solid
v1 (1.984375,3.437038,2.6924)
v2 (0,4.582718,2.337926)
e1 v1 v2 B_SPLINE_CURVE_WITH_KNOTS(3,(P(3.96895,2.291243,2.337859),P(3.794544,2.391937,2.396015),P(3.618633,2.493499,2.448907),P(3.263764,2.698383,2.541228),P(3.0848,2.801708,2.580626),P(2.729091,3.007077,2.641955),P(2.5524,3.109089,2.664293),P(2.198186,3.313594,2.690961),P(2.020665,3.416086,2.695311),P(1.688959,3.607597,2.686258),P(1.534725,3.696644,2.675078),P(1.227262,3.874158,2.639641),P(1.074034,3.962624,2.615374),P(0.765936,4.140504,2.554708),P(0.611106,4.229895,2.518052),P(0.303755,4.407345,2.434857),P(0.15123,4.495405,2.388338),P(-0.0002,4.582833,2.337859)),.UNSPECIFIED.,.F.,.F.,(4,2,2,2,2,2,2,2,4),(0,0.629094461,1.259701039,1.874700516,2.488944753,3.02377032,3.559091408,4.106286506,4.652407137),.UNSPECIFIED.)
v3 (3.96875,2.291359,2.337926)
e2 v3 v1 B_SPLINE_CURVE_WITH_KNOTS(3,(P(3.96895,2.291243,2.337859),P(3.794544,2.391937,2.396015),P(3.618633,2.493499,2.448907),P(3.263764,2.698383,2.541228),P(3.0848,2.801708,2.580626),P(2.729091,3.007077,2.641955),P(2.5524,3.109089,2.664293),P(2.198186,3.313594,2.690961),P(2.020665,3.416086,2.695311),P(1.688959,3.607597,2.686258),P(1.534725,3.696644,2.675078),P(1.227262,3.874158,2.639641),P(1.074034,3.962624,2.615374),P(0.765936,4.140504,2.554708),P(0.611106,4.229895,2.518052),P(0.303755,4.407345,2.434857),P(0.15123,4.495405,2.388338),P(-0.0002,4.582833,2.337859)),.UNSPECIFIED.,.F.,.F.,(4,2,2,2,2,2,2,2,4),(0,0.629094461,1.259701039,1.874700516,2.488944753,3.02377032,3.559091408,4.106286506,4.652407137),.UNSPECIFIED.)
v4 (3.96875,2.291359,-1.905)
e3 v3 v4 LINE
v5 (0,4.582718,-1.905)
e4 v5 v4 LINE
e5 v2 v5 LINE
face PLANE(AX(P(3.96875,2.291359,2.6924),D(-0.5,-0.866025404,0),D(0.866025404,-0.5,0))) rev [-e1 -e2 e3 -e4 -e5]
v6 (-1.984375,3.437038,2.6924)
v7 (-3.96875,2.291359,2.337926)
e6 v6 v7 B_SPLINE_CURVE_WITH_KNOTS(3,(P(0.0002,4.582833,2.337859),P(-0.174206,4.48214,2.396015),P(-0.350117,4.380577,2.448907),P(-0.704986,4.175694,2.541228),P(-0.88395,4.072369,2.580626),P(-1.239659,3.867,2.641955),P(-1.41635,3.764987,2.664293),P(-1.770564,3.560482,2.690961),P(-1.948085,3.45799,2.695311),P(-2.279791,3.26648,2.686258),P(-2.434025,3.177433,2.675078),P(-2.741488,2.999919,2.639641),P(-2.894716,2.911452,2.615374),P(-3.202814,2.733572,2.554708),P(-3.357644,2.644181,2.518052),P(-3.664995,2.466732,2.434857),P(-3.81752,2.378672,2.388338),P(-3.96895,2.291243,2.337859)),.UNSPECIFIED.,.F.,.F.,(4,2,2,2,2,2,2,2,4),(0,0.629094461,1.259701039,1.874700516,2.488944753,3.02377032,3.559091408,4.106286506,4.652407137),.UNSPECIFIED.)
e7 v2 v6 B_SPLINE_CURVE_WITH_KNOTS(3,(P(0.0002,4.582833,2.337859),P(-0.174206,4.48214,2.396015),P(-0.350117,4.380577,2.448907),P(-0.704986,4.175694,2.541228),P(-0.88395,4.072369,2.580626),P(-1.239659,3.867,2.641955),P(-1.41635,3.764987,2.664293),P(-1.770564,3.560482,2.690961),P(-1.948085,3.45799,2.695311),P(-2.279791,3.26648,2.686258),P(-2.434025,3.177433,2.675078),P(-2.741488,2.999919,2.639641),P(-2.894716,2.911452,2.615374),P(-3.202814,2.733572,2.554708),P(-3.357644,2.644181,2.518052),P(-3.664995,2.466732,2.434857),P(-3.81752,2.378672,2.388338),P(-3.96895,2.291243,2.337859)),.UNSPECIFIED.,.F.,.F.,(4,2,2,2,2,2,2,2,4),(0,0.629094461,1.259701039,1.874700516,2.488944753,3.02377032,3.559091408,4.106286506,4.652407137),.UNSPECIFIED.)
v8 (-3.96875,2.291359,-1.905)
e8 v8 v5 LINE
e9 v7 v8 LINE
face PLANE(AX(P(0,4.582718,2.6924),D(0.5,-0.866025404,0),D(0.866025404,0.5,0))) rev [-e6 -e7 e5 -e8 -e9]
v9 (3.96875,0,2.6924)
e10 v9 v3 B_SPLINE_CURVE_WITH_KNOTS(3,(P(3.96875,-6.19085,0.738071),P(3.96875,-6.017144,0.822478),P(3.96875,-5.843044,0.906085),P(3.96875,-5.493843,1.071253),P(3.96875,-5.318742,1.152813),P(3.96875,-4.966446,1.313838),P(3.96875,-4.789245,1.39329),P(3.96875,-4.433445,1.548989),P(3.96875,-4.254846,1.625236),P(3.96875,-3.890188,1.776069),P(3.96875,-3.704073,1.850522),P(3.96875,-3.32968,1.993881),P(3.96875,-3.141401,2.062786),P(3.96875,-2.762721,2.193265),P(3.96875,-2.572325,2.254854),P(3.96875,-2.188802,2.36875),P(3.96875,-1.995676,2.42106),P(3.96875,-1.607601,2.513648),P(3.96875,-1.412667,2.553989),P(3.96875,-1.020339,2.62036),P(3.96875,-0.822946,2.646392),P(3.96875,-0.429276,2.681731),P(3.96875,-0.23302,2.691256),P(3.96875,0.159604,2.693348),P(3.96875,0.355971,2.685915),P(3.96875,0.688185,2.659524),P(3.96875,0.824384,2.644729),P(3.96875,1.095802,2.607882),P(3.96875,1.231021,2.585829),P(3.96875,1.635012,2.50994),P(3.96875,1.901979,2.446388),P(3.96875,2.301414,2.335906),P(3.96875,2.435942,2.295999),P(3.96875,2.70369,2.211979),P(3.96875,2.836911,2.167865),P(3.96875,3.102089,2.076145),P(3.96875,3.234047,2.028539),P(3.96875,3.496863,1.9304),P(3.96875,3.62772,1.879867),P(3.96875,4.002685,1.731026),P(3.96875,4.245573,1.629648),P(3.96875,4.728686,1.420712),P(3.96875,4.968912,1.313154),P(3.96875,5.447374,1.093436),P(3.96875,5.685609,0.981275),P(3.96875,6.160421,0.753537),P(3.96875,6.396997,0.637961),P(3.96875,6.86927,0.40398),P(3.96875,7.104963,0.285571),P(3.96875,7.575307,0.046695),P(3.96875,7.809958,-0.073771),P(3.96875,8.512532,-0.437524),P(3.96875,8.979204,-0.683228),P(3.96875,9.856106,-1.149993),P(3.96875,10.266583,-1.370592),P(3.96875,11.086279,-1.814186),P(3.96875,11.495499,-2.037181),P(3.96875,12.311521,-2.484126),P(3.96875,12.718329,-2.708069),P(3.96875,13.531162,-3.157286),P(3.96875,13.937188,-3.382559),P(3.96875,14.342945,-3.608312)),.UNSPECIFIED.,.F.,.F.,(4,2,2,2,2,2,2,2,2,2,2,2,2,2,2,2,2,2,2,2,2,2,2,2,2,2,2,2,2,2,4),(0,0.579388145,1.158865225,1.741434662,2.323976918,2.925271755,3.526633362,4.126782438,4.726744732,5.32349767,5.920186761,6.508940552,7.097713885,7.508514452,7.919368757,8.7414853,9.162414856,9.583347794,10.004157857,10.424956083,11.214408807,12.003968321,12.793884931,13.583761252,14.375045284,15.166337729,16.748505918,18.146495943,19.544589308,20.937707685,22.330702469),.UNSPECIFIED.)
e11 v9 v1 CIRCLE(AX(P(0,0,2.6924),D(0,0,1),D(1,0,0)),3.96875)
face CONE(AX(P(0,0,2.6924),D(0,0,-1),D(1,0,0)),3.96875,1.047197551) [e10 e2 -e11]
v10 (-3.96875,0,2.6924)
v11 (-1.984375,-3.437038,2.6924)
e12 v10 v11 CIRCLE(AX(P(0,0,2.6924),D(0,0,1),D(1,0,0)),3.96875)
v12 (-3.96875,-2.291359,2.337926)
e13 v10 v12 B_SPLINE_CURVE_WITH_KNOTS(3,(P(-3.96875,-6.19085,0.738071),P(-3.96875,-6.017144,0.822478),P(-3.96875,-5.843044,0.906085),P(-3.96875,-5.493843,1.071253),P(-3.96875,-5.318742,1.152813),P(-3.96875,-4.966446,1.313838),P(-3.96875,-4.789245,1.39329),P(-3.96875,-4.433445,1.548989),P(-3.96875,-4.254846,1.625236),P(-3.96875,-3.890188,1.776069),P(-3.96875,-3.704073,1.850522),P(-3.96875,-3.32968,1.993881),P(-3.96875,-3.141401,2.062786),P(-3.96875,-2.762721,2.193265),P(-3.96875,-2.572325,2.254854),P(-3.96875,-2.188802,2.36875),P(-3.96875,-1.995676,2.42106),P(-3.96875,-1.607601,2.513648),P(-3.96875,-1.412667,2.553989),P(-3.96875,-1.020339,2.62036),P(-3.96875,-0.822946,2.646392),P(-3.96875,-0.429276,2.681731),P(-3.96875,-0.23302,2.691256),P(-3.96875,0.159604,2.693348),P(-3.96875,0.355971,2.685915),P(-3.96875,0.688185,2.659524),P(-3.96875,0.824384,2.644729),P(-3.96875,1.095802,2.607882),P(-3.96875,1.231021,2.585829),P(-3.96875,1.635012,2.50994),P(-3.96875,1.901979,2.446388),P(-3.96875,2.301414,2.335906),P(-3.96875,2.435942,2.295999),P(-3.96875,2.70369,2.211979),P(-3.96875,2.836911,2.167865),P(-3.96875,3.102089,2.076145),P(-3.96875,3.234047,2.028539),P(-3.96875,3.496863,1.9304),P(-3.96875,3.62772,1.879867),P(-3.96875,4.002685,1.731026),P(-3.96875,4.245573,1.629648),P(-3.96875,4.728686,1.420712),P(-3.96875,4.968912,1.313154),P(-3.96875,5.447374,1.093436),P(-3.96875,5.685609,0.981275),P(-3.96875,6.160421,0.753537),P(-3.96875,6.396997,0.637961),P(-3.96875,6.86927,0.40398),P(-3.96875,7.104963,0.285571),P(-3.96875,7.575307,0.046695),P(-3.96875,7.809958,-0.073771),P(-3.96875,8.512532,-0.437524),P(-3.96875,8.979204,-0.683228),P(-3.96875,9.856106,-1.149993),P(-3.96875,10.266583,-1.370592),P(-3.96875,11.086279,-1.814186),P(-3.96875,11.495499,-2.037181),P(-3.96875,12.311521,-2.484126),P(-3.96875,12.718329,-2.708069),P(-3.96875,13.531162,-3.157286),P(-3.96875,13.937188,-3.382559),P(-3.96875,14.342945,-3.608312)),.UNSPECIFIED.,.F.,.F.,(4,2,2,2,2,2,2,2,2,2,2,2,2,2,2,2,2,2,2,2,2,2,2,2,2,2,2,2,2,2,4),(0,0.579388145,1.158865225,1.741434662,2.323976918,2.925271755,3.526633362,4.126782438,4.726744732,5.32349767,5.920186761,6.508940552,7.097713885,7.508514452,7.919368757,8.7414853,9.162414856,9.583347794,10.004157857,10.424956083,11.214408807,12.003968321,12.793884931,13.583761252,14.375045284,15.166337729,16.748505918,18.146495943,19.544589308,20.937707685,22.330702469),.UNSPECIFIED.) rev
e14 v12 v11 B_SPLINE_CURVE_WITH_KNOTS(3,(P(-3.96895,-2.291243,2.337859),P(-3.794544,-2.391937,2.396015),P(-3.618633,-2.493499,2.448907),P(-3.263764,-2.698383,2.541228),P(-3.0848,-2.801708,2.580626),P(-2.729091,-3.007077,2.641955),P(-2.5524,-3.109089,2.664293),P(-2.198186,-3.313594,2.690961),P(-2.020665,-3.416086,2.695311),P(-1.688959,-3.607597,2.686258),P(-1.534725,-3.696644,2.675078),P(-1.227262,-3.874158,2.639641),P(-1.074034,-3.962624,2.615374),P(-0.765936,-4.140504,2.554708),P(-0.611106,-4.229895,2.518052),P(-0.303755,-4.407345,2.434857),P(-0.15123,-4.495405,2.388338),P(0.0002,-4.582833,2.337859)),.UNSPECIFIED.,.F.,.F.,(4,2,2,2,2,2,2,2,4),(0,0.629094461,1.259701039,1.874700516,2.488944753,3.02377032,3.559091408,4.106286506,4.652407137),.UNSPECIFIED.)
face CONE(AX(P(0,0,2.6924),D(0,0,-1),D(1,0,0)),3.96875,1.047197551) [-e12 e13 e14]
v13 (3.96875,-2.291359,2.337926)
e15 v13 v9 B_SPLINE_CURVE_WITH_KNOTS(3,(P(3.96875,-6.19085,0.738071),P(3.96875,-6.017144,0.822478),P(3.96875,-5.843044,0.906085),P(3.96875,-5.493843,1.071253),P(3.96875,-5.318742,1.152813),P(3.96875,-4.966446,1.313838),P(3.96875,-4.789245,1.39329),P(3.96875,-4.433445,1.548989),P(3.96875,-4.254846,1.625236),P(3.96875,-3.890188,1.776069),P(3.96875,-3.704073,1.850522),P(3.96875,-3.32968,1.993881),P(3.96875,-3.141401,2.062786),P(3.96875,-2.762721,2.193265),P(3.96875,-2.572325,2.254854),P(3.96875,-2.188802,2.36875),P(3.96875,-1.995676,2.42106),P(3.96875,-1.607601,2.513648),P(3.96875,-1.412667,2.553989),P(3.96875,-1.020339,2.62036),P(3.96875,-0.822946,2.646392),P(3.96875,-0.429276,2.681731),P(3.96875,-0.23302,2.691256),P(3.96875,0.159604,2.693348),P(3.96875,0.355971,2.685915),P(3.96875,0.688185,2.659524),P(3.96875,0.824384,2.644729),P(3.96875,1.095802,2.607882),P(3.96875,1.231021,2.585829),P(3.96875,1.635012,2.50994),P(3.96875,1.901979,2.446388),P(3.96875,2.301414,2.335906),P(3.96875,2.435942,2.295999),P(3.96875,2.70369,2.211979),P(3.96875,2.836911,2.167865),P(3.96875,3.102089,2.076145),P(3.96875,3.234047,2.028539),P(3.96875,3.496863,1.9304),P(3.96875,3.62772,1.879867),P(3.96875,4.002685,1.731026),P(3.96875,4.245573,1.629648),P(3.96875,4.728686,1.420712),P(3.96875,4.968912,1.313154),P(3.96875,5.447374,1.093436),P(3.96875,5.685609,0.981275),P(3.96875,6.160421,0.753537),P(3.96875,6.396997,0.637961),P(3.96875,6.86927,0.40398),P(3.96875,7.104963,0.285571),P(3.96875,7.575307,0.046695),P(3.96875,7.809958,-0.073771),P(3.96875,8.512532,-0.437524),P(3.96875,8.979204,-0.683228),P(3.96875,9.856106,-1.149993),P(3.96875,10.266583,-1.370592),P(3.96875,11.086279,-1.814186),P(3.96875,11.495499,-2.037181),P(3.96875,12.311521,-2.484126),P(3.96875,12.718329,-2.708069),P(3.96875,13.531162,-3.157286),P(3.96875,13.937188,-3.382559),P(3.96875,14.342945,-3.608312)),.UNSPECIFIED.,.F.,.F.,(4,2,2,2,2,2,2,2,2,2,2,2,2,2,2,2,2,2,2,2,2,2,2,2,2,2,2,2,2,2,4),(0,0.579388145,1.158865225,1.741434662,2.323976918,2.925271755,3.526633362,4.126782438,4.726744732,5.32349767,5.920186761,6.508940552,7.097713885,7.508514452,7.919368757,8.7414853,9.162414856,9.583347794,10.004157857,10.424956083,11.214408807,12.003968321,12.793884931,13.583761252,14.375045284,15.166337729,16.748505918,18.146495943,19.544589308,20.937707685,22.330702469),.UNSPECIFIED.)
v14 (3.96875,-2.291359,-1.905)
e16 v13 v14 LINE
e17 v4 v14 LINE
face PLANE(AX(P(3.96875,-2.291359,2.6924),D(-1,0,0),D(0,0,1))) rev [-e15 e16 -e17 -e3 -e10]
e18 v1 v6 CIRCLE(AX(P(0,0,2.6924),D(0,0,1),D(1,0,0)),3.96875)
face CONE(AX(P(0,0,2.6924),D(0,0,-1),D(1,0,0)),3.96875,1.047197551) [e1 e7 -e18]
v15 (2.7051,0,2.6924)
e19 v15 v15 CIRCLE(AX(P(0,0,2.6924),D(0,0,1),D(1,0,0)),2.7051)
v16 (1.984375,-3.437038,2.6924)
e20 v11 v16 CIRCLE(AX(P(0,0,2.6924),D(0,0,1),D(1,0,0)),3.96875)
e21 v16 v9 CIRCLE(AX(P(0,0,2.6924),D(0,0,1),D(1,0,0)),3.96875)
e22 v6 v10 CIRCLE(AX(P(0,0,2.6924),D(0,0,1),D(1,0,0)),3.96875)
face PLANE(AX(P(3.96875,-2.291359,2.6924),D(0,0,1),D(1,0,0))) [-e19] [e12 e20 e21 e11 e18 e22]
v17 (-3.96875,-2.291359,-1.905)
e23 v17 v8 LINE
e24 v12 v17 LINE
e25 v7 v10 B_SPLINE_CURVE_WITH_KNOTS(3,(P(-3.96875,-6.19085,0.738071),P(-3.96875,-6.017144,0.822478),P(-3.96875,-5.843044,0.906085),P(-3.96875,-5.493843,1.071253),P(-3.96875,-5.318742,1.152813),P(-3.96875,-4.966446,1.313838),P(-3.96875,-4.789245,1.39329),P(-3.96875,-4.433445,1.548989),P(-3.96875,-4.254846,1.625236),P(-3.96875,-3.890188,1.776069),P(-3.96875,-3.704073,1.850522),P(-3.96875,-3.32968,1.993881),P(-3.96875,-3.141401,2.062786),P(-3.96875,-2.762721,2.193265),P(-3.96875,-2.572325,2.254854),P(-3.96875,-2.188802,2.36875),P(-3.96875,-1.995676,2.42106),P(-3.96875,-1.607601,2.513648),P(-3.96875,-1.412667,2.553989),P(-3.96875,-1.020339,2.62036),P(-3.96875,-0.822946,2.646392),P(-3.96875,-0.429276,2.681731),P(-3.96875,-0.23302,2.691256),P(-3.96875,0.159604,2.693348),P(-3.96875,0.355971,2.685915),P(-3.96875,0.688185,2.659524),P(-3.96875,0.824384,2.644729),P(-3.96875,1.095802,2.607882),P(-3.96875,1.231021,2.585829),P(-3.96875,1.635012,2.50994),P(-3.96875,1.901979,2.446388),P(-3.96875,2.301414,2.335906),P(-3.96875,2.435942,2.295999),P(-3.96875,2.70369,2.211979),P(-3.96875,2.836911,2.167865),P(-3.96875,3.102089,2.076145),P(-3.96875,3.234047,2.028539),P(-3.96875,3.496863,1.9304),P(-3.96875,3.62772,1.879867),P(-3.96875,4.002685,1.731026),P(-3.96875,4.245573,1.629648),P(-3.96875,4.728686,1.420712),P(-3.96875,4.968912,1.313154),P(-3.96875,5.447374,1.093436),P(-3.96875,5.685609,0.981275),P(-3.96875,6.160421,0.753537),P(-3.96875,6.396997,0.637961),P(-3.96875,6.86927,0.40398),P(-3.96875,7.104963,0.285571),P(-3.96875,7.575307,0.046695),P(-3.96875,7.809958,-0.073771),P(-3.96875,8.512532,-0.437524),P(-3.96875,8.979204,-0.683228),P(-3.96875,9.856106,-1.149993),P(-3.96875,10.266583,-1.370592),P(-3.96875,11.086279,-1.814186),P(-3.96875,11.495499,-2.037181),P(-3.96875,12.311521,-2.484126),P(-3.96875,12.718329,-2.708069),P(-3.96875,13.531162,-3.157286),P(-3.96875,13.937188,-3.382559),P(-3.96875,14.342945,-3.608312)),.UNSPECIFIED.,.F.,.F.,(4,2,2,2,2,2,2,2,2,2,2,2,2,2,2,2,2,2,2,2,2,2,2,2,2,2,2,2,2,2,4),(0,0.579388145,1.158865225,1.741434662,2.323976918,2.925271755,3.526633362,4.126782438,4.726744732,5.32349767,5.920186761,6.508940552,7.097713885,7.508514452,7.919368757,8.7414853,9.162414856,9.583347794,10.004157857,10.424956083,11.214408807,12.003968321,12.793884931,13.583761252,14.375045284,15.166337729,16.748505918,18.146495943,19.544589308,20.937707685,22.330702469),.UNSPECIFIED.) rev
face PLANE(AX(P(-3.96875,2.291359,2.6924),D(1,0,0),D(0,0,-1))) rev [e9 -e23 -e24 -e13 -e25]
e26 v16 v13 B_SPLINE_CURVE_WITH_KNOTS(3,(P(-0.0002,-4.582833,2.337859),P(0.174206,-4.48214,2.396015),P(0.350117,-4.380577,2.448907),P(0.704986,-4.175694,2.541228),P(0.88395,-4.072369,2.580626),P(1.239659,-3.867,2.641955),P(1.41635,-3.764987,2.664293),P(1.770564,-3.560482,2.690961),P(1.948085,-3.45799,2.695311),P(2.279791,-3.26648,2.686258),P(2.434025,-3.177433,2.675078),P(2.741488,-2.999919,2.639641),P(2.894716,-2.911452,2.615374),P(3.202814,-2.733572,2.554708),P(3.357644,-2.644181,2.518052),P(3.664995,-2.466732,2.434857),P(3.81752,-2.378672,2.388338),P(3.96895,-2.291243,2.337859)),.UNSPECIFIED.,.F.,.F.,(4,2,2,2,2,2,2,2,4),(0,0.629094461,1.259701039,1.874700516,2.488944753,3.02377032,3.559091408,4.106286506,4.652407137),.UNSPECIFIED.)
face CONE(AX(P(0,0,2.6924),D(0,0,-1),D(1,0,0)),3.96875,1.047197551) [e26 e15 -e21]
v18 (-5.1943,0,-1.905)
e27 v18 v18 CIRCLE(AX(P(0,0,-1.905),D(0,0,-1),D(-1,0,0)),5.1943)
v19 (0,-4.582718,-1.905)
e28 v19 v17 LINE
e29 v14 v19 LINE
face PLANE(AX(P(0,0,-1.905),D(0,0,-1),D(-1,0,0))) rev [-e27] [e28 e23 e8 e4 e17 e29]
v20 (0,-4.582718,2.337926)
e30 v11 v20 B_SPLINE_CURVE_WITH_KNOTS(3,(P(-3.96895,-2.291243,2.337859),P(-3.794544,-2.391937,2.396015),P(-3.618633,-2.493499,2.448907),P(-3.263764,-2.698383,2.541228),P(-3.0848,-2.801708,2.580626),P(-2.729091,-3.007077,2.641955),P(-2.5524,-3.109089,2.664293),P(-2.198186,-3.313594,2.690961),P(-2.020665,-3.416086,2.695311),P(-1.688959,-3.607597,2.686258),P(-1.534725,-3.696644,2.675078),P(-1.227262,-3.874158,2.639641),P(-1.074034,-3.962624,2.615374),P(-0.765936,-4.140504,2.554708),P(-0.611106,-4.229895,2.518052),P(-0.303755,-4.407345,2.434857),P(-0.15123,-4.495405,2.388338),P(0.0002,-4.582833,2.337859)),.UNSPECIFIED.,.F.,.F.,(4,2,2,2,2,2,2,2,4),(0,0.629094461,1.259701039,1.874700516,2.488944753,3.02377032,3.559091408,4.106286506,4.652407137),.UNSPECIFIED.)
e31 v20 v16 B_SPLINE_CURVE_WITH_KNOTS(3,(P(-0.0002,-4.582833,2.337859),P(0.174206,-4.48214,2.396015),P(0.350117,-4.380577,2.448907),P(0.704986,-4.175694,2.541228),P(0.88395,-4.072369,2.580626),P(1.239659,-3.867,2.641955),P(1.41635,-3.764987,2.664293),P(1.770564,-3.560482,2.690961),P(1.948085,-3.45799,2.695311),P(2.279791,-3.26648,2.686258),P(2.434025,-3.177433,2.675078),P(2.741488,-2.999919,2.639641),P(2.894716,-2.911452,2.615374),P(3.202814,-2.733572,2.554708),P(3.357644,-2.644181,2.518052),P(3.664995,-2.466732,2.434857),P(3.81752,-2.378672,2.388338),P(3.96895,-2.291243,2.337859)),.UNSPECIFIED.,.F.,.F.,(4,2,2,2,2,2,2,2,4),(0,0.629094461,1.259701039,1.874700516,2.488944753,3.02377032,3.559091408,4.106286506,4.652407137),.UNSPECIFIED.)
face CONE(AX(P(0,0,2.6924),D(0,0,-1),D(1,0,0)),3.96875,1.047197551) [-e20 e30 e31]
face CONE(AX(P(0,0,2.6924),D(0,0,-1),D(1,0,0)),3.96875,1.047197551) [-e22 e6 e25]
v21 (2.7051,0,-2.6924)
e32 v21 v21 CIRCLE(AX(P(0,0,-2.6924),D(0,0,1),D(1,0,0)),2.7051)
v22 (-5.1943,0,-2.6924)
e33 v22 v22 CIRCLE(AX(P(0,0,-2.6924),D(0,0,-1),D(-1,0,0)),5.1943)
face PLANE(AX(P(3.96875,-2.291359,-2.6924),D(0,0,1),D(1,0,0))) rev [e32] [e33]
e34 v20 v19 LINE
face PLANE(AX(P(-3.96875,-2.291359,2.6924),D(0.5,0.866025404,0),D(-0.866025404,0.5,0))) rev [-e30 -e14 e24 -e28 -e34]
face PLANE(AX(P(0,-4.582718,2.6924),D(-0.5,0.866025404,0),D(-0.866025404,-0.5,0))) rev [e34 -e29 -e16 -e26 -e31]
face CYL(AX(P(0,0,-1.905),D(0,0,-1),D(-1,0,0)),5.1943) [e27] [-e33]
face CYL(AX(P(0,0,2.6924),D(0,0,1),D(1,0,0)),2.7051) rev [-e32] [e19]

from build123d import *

# Parameters (mm, degrees)
EXTRUDE1_DEPTH          = 2.6924
SKETCH2_OUTSIDE_W       = 34.708
SKETCH2_OUTSIDE_H       = 35.936
SKETCH2_OUTSIDE_R       = 3.96875
CUT_EXTRUDE1_DEPTH      = 6.3848
CUT_EXTRUDE1_TAPER      = 60
SKETCH17_R              = 5.1943
EXTRUDE3_DEPTH          = 0.7874
F_1_4_28_TAPPED_HOLE1_D = 5.4102


with BuildPart() as part:
    # Sketch1 → Extrude1 (new body, symmetric)
    with BuildSketch(Plane.XY):
        Polygon((3.96875, -2.291358881), (3.96875, 2.291358881), (0, 4.582717762), (-3.96875, 2.291358881), (-3.96875, -2.291358881), (0, -4.582717762), align=None)
    extrude(amount=EXTRUDE1_DEPTH, both=True)

    # Sketch2 outside → Cut-Extrude1 (cut, through all)
    with BuildSketch(Plane.XY.offset(2.6924)):
        Rectangle(SKETCH2_OUTSIDE_W, SKETCH2_OUTSIDE_H)
        Circle(SKETCH2_OUTSIDE_R, mode=Mode.SUBTRACT)
    extrude(amount=-CUT_EXTRUDE1_DEPTH, taper=CUT_EXTRUDE1_TAPER, mode=Mode.SUBTRACT)

    # Sketch17 → Extrude3 (add)
    with BuildSketch(Plane(origin=(0, 0, -2.6924), x_dir=(-1, 0, 0), z_dir=(0, 0, -1))):
        Circle(SKETCH17_R)
    extrude(amount=-EXTRUDE3_DEPTH)

    # 1/4-28 Tapped Hole1 (through all)
    with Locations(Plane.XY.offset(2.6924)):
        with Locations((0, 0)):
            Hole(F_1_4_28_TAPPED_HOLE1_D / 2)


solid = part.part
